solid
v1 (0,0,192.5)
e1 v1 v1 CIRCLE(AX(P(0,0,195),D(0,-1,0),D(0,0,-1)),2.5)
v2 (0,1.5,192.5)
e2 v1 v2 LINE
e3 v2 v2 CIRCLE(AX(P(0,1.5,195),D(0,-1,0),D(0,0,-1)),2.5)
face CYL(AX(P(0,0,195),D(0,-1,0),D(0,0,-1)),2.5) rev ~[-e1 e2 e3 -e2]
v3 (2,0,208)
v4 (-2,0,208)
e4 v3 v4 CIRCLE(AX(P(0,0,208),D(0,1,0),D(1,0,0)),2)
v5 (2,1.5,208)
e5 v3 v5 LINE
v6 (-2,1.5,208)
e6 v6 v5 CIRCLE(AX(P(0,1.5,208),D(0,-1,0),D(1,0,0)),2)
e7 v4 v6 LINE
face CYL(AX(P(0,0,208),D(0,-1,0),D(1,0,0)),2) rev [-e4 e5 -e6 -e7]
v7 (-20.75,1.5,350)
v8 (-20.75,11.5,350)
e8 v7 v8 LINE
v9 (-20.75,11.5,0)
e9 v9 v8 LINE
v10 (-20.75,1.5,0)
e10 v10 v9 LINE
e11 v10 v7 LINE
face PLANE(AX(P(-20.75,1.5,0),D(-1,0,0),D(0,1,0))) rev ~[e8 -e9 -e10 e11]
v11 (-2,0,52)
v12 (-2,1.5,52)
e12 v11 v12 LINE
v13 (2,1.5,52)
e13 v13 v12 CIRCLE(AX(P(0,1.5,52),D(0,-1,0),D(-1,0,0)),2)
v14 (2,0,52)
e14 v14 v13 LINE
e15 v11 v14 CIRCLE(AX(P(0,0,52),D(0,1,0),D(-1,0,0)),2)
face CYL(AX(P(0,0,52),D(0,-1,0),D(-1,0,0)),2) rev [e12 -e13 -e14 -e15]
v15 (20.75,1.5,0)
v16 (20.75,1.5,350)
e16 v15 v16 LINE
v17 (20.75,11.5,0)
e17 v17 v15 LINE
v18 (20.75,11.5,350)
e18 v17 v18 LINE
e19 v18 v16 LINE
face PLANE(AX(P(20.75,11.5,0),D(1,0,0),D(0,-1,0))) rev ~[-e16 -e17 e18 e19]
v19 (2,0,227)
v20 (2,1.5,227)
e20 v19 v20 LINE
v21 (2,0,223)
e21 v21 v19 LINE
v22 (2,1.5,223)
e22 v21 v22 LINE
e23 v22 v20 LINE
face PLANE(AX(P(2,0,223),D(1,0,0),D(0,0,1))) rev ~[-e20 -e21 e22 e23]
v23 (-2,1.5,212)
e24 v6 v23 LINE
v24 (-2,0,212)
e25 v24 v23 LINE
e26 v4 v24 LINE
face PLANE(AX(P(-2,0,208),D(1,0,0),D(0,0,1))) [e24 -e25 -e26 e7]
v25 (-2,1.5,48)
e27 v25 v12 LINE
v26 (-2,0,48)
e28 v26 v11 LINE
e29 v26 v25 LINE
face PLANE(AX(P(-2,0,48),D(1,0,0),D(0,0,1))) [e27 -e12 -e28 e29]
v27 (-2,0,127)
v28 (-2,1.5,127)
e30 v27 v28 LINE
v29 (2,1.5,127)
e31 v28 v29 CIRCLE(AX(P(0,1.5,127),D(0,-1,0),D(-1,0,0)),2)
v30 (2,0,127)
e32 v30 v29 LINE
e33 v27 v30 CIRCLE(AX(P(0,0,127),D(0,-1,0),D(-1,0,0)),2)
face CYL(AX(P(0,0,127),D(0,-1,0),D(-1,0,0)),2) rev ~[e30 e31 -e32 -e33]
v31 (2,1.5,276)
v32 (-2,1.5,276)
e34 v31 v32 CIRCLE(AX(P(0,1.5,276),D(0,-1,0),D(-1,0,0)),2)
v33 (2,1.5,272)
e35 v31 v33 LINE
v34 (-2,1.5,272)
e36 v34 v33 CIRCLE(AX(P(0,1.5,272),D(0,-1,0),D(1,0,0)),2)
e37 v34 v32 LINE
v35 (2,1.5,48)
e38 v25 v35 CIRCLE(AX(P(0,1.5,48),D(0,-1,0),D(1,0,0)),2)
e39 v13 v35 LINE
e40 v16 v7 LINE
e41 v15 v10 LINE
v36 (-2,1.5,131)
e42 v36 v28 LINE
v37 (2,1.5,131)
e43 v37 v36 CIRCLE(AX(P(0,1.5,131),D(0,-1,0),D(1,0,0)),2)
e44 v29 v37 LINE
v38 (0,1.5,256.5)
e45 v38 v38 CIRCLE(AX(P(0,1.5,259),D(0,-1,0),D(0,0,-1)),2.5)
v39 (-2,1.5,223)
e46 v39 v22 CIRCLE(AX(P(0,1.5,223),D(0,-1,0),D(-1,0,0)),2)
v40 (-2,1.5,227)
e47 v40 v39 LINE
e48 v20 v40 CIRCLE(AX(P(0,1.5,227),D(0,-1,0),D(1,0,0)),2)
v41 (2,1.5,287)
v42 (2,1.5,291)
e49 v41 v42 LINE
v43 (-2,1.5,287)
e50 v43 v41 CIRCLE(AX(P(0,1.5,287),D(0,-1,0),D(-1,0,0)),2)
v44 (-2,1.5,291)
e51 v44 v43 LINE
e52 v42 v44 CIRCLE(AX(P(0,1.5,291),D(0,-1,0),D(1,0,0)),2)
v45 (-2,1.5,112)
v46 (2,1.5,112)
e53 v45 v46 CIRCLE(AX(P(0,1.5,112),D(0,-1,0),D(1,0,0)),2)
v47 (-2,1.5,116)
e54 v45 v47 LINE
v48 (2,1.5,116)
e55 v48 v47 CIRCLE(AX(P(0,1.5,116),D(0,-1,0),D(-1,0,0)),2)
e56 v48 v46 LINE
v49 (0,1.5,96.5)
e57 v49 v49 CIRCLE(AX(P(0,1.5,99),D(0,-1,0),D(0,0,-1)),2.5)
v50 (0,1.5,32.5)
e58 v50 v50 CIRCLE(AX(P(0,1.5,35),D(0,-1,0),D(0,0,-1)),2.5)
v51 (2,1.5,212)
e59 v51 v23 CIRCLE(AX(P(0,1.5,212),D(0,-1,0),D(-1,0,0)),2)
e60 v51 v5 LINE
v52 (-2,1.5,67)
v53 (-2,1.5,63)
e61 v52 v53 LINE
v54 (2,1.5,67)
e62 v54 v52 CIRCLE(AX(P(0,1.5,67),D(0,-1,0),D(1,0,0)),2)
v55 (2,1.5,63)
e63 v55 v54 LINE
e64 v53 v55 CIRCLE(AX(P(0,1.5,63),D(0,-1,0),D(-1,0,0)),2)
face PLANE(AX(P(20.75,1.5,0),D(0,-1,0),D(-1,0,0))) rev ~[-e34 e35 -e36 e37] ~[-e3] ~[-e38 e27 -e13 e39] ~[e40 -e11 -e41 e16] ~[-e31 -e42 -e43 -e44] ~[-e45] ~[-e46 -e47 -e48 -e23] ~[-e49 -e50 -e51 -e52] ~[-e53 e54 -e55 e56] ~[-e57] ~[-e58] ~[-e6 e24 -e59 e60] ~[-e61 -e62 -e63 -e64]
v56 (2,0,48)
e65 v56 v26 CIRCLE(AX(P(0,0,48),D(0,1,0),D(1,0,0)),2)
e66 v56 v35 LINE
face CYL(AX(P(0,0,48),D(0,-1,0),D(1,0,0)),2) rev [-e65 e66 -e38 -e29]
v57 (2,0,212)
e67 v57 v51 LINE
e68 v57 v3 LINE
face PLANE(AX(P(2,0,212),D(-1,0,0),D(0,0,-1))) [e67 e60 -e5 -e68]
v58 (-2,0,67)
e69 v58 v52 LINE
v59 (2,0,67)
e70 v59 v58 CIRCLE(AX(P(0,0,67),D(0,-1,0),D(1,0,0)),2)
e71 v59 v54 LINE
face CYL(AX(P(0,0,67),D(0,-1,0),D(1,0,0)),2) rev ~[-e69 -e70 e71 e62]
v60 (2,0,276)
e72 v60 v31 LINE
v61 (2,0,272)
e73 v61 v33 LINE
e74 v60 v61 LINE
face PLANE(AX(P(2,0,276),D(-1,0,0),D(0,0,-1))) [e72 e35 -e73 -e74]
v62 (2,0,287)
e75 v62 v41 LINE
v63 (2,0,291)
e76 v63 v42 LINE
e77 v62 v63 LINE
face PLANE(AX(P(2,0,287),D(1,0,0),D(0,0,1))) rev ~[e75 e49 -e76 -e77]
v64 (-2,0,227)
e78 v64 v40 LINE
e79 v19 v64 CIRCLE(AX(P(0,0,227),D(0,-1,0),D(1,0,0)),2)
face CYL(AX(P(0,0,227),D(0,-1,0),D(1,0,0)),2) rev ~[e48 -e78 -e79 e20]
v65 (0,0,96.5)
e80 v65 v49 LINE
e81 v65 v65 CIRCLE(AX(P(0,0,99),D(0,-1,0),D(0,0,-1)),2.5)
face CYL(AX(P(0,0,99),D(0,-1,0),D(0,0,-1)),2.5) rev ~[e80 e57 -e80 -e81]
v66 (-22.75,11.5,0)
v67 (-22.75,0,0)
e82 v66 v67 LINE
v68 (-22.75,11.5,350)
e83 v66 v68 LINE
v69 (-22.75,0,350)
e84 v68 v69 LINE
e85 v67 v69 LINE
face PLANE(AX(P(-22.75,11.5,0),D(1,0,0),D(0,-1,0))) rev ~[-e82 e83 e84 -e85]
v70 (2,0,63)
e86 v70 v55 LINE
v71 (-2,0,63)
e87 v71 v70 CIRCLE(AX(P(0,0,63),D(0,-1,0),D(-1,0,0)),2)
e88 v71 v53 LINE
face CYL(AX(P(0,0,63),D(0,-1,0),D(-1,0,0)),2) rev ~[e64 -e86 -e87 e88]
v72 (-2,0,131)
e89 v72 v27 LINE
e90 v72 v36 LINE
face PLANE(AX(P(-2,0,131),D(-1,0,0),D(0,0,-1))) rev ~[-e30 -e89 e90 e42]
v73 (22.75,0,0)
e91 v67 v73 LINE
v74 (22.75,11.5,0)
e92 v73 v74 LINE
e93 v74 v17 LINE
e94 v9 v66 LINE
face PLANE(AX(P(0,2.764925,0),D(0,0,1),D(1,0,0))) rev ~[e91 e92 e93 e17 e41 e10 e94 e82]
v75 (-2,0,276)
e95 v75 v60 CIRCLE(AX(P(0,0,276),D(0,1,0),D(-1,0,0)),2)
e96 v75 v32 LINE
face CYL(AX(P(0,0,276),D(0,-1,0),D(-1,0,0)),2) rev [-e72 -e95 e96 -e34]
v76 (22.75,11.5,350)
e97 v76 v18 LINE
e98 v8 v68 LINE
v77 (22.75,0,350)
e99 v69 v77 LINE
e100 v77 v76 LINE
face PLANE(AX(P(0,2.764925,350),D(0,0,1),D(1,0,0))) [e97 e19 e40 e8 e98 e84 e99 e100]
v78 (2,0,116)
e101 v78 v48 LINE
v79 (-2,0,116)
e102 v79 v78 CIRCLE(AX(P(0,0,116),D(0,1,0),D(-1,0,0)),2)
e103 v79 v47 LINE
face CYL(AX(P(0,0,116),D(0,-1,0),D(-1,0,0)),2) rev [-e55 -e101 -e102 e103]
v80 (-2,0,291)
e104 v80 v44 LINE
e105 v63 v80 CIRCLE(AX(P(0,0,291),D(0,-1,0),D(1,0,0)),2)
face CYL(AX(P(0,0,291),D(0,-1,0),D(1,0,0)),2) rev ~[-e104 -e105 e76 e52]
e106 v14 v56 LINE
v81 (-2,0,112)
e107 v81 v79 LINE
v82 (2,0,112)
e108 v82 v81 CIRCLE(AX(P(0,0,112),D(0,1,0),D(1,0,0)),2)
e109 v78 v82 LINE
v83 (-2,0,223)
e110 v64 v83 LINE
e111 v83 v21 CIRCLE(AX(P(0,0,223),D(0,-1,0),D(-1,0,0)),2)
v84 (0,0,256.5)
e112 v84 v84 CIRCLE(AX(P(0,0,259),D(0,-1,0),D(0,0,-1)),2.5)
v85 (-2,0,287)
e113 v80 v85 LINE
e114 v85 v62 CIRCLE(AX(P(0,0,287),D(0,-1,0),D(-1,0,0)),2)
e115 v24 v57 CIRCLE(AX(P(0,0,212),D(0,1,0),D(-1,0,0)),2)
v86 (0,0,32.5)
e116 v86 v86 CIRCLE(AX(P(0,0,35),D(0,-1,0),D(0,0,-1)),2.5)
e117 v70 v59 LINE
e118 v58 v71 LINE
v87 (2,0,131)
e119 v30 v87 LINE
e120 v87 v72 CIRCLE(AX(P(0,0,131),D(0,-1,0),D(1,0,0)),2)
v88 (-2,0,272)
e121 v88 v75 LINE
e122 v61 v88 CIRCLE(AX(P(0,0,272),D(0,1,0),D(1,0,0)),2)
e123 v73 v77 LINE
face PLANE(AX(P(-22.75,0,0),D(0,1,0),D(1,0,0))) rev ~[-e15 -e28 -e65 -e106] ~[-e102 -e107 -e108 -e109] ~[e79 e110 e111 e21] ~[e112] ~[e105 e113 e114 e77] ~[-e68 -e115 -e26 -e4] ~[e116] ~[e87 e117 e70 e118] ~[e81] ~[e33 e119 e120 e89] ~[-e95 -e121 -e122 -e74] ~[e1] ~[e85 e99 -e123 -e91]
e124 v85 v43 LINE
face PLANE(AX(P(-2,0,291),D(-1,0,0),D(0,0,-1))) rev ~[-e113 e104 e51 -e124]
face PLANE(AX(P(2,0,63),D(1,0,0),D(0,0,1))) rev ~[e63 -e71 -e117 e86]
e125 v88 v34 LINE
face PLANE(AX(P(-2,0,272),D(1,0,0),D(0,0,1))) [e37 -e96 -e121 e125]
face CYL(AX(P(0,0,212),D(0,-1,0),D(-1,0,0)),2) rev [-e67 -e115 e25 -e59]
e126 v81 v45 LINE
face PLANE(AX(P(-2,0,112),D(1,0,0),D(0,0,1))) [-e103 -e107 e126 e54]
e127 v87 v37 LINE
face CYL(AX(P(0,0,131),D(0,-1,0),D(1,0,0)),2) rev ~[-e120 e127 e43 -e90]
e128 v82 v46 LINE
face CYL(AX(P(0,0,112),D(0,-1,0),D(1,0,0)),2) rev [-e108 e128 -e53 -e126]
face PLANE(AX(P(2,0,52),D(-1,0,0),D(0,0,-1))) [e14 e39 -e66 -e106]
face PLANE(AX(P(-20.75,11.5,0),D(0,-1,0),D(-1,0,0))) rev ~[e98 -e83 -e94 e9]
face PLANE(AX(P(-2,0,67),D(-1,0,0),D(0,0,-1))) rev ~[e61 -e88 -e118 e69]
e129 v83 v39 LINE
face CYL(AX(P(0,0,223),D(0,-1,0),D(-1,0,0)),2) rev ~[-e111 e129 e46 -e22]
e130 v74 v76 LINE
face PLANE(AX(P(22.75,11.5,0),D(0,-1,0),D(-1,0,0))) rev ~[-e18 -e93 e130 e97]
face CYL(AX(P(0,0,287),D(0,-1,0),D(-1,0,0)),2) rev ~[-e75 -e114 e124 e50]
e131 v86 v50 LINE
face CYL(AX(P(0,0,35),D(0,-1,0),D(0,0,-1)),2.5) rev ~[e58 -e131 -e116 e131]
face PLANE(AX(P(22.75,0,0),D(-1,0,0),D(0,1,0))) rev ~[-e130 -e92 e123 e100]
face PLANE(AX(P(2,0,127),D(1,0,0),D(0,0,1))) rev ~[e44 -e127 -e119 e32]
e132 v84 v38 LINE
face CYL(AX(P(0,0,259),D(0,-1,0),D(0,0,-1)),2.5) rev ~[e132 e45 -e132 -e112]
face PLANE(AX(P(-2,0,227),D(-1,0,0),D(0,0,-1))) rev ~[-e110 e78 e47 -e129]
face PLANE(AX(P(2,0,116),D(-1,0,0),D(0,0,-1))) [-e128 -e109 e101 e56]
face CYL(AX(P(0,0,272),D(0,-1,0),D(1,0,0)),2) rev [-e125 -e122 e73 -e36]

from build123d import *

# Parameters (mm, degrees)
EXTRUDE_1_DEPTH                  = 350
SKETCH_2_R                       = 2.5
CUT_EXTRUDE_1_DEPTH              = 350
PATTERN_LINEAR_1_COUNT           = 2
PATTERN_LINEAR_1_PITCH           = 64
PATTERN_LINEAR_2_COUNT           = 2
PATTERN_LINEAR_2_PITCH           = 160
PATTERN_LINEAR_3_COPY_1_SKETCH_R = 2.5
PATTERN_LINEAR_3_COPY_1_DEPTH    = 350
PATTERN_LINEAR_3_COPY_2_SKETCH_R = 2.5
PATTERN_LINEAR_3_COPY_2_DEPTH    = 350


with BuildPart() as part:
    # 草图1 → 凸台-拉伸1 (new body)
    with BuildSketch(Plane.XY):
        Polygon((-22.75, 0), (22.75, 0), (22.75, 11.5), (20.75, 11.5), (20.75, 1.5), (-20.75, 1.5), (-20.75, 11.5), (-22.75, 11.5), align=None)
    extrude(amount=EXTRUDE_1_DEPTH)

    # 草图2 → 切除-拉伸1 (cut)
    with BuildSketch(Plane.XZ):
        with Locations(Location((0, 35, 0), (0, 0, 270))):
            Circle(SKETCH_2_R)
        with BuildLine():
            Line((2, 52), (2, 48))
            ThreePointArc((2, 48), (0, 46), (-2, 48))
            Line((-2, 48), (-2, 52))
            ThreePointArc((-2, 52), (0, 54), (2, 52))
        make_face()
        with BuildLine():
            Line((-2, 67), (-2, 63))
            ThreePointArc((-2, 63), (0, 61), (2, 63))
            Line((2, 63), (2, 67))
            ThreePointArc((2, 67), (0, 69), (-2, 67))
        make_face()
    cut_extrude_1 = extrude(amount=-CUT_EXTRUDE_1_DEPTH, mode=Mode.SUBTRACT)

    # 阵列(线性)1: 切除-拉伸1 ×2
    with Locations(*[(0, 0, i * PATTERN_LINEAR_1_PITCH) for i in range(1, PATTERN_LINEAR_1_COUNT)]):
        add(cut_extrude_1, mode=Mode.SUBTRACT)

    # 阵列(线性)2: 切除-拉伸1 ×2
    with Locations(*[(0, 0, i * PATTERN_LINEAR_2_PITCH) for i in range(1, PATTERN_LINEAR_2_COUNT)]):
        add(cut_extrude_1, mode=Mode.SUBTRACT)

    # 阵列(线性)3 copy 1 sketch → 阵列(线性)3 copy 1 (cut)
    with BuildSketch(Plane(origin=(0, 0, 224), x_dir=(1, 0, 0), z_dir=(0, -1, 0))):
        with Locations(Location((0, 35, 0), (0, 0, 270))):
            Circle(PATTERN_LINEAR_3_COPY_1_SKETCH_R)
        with BuildLine():
            Line((2, 52), (2, 48))
            ThreePointArc((2, 48), (0, 46), (-2, 48))
            Line((-2, 48), (-2, 52))
            ThreePointArc((-2, 52), (0, 54), (2, 52))
        make_face()
        with BuildLine():
            Line((-2, 67), (-2, 63))
            ThreePointArc((-2, 63), (0, 61), (2, 63))
            Line((2, 63), (2, 67))
            ThreePointArc((2, 67), (0, 69), (-2, 67))
        make_face()
    extrude(amount=-PATTERN_LINEAR_3_COPY_1_DEPTH, mode=Mode.SUBTRACT)

    # 阵列(线性)3 copy 2 sketch → 阵列(线性)3 copy 2 (cut)
    with BuildSketch(Plane(origin=(0, 0, 160), x_dir=(1, 0, 0), z_dir=(0, -1, 0))):
        with Locations(Location((0, 35, 0), (0, 0, 270))):
            Circle(PATTERN_LINEAR_3_COPY_2_SKETCH_R)
        with BuildLine():
            Line((2, 52), (2, 48))
            ThreePointArc((2, 48), (0, 46), (-2, 48))
            Line((-2, 48), (-2, 52))
            ThreePointArc((-2, 52), (0, 54), (2, 52))
        make_face()
        with BuildLine():
            Line((-2, 67), (-2, 63))
            ThreePointArc((-2, 63), (0, 61), (2, 63))
            Line((2, 63), (2, 67))
            ThreePointArc((2, 67), (0, 69), (-2, 67))
        make_face()
    extrude(amount=-PATTERN_LINEAR_3_COPY_2_DEPTH, mode=Mode.SUBTRACT)


solid = part.part
